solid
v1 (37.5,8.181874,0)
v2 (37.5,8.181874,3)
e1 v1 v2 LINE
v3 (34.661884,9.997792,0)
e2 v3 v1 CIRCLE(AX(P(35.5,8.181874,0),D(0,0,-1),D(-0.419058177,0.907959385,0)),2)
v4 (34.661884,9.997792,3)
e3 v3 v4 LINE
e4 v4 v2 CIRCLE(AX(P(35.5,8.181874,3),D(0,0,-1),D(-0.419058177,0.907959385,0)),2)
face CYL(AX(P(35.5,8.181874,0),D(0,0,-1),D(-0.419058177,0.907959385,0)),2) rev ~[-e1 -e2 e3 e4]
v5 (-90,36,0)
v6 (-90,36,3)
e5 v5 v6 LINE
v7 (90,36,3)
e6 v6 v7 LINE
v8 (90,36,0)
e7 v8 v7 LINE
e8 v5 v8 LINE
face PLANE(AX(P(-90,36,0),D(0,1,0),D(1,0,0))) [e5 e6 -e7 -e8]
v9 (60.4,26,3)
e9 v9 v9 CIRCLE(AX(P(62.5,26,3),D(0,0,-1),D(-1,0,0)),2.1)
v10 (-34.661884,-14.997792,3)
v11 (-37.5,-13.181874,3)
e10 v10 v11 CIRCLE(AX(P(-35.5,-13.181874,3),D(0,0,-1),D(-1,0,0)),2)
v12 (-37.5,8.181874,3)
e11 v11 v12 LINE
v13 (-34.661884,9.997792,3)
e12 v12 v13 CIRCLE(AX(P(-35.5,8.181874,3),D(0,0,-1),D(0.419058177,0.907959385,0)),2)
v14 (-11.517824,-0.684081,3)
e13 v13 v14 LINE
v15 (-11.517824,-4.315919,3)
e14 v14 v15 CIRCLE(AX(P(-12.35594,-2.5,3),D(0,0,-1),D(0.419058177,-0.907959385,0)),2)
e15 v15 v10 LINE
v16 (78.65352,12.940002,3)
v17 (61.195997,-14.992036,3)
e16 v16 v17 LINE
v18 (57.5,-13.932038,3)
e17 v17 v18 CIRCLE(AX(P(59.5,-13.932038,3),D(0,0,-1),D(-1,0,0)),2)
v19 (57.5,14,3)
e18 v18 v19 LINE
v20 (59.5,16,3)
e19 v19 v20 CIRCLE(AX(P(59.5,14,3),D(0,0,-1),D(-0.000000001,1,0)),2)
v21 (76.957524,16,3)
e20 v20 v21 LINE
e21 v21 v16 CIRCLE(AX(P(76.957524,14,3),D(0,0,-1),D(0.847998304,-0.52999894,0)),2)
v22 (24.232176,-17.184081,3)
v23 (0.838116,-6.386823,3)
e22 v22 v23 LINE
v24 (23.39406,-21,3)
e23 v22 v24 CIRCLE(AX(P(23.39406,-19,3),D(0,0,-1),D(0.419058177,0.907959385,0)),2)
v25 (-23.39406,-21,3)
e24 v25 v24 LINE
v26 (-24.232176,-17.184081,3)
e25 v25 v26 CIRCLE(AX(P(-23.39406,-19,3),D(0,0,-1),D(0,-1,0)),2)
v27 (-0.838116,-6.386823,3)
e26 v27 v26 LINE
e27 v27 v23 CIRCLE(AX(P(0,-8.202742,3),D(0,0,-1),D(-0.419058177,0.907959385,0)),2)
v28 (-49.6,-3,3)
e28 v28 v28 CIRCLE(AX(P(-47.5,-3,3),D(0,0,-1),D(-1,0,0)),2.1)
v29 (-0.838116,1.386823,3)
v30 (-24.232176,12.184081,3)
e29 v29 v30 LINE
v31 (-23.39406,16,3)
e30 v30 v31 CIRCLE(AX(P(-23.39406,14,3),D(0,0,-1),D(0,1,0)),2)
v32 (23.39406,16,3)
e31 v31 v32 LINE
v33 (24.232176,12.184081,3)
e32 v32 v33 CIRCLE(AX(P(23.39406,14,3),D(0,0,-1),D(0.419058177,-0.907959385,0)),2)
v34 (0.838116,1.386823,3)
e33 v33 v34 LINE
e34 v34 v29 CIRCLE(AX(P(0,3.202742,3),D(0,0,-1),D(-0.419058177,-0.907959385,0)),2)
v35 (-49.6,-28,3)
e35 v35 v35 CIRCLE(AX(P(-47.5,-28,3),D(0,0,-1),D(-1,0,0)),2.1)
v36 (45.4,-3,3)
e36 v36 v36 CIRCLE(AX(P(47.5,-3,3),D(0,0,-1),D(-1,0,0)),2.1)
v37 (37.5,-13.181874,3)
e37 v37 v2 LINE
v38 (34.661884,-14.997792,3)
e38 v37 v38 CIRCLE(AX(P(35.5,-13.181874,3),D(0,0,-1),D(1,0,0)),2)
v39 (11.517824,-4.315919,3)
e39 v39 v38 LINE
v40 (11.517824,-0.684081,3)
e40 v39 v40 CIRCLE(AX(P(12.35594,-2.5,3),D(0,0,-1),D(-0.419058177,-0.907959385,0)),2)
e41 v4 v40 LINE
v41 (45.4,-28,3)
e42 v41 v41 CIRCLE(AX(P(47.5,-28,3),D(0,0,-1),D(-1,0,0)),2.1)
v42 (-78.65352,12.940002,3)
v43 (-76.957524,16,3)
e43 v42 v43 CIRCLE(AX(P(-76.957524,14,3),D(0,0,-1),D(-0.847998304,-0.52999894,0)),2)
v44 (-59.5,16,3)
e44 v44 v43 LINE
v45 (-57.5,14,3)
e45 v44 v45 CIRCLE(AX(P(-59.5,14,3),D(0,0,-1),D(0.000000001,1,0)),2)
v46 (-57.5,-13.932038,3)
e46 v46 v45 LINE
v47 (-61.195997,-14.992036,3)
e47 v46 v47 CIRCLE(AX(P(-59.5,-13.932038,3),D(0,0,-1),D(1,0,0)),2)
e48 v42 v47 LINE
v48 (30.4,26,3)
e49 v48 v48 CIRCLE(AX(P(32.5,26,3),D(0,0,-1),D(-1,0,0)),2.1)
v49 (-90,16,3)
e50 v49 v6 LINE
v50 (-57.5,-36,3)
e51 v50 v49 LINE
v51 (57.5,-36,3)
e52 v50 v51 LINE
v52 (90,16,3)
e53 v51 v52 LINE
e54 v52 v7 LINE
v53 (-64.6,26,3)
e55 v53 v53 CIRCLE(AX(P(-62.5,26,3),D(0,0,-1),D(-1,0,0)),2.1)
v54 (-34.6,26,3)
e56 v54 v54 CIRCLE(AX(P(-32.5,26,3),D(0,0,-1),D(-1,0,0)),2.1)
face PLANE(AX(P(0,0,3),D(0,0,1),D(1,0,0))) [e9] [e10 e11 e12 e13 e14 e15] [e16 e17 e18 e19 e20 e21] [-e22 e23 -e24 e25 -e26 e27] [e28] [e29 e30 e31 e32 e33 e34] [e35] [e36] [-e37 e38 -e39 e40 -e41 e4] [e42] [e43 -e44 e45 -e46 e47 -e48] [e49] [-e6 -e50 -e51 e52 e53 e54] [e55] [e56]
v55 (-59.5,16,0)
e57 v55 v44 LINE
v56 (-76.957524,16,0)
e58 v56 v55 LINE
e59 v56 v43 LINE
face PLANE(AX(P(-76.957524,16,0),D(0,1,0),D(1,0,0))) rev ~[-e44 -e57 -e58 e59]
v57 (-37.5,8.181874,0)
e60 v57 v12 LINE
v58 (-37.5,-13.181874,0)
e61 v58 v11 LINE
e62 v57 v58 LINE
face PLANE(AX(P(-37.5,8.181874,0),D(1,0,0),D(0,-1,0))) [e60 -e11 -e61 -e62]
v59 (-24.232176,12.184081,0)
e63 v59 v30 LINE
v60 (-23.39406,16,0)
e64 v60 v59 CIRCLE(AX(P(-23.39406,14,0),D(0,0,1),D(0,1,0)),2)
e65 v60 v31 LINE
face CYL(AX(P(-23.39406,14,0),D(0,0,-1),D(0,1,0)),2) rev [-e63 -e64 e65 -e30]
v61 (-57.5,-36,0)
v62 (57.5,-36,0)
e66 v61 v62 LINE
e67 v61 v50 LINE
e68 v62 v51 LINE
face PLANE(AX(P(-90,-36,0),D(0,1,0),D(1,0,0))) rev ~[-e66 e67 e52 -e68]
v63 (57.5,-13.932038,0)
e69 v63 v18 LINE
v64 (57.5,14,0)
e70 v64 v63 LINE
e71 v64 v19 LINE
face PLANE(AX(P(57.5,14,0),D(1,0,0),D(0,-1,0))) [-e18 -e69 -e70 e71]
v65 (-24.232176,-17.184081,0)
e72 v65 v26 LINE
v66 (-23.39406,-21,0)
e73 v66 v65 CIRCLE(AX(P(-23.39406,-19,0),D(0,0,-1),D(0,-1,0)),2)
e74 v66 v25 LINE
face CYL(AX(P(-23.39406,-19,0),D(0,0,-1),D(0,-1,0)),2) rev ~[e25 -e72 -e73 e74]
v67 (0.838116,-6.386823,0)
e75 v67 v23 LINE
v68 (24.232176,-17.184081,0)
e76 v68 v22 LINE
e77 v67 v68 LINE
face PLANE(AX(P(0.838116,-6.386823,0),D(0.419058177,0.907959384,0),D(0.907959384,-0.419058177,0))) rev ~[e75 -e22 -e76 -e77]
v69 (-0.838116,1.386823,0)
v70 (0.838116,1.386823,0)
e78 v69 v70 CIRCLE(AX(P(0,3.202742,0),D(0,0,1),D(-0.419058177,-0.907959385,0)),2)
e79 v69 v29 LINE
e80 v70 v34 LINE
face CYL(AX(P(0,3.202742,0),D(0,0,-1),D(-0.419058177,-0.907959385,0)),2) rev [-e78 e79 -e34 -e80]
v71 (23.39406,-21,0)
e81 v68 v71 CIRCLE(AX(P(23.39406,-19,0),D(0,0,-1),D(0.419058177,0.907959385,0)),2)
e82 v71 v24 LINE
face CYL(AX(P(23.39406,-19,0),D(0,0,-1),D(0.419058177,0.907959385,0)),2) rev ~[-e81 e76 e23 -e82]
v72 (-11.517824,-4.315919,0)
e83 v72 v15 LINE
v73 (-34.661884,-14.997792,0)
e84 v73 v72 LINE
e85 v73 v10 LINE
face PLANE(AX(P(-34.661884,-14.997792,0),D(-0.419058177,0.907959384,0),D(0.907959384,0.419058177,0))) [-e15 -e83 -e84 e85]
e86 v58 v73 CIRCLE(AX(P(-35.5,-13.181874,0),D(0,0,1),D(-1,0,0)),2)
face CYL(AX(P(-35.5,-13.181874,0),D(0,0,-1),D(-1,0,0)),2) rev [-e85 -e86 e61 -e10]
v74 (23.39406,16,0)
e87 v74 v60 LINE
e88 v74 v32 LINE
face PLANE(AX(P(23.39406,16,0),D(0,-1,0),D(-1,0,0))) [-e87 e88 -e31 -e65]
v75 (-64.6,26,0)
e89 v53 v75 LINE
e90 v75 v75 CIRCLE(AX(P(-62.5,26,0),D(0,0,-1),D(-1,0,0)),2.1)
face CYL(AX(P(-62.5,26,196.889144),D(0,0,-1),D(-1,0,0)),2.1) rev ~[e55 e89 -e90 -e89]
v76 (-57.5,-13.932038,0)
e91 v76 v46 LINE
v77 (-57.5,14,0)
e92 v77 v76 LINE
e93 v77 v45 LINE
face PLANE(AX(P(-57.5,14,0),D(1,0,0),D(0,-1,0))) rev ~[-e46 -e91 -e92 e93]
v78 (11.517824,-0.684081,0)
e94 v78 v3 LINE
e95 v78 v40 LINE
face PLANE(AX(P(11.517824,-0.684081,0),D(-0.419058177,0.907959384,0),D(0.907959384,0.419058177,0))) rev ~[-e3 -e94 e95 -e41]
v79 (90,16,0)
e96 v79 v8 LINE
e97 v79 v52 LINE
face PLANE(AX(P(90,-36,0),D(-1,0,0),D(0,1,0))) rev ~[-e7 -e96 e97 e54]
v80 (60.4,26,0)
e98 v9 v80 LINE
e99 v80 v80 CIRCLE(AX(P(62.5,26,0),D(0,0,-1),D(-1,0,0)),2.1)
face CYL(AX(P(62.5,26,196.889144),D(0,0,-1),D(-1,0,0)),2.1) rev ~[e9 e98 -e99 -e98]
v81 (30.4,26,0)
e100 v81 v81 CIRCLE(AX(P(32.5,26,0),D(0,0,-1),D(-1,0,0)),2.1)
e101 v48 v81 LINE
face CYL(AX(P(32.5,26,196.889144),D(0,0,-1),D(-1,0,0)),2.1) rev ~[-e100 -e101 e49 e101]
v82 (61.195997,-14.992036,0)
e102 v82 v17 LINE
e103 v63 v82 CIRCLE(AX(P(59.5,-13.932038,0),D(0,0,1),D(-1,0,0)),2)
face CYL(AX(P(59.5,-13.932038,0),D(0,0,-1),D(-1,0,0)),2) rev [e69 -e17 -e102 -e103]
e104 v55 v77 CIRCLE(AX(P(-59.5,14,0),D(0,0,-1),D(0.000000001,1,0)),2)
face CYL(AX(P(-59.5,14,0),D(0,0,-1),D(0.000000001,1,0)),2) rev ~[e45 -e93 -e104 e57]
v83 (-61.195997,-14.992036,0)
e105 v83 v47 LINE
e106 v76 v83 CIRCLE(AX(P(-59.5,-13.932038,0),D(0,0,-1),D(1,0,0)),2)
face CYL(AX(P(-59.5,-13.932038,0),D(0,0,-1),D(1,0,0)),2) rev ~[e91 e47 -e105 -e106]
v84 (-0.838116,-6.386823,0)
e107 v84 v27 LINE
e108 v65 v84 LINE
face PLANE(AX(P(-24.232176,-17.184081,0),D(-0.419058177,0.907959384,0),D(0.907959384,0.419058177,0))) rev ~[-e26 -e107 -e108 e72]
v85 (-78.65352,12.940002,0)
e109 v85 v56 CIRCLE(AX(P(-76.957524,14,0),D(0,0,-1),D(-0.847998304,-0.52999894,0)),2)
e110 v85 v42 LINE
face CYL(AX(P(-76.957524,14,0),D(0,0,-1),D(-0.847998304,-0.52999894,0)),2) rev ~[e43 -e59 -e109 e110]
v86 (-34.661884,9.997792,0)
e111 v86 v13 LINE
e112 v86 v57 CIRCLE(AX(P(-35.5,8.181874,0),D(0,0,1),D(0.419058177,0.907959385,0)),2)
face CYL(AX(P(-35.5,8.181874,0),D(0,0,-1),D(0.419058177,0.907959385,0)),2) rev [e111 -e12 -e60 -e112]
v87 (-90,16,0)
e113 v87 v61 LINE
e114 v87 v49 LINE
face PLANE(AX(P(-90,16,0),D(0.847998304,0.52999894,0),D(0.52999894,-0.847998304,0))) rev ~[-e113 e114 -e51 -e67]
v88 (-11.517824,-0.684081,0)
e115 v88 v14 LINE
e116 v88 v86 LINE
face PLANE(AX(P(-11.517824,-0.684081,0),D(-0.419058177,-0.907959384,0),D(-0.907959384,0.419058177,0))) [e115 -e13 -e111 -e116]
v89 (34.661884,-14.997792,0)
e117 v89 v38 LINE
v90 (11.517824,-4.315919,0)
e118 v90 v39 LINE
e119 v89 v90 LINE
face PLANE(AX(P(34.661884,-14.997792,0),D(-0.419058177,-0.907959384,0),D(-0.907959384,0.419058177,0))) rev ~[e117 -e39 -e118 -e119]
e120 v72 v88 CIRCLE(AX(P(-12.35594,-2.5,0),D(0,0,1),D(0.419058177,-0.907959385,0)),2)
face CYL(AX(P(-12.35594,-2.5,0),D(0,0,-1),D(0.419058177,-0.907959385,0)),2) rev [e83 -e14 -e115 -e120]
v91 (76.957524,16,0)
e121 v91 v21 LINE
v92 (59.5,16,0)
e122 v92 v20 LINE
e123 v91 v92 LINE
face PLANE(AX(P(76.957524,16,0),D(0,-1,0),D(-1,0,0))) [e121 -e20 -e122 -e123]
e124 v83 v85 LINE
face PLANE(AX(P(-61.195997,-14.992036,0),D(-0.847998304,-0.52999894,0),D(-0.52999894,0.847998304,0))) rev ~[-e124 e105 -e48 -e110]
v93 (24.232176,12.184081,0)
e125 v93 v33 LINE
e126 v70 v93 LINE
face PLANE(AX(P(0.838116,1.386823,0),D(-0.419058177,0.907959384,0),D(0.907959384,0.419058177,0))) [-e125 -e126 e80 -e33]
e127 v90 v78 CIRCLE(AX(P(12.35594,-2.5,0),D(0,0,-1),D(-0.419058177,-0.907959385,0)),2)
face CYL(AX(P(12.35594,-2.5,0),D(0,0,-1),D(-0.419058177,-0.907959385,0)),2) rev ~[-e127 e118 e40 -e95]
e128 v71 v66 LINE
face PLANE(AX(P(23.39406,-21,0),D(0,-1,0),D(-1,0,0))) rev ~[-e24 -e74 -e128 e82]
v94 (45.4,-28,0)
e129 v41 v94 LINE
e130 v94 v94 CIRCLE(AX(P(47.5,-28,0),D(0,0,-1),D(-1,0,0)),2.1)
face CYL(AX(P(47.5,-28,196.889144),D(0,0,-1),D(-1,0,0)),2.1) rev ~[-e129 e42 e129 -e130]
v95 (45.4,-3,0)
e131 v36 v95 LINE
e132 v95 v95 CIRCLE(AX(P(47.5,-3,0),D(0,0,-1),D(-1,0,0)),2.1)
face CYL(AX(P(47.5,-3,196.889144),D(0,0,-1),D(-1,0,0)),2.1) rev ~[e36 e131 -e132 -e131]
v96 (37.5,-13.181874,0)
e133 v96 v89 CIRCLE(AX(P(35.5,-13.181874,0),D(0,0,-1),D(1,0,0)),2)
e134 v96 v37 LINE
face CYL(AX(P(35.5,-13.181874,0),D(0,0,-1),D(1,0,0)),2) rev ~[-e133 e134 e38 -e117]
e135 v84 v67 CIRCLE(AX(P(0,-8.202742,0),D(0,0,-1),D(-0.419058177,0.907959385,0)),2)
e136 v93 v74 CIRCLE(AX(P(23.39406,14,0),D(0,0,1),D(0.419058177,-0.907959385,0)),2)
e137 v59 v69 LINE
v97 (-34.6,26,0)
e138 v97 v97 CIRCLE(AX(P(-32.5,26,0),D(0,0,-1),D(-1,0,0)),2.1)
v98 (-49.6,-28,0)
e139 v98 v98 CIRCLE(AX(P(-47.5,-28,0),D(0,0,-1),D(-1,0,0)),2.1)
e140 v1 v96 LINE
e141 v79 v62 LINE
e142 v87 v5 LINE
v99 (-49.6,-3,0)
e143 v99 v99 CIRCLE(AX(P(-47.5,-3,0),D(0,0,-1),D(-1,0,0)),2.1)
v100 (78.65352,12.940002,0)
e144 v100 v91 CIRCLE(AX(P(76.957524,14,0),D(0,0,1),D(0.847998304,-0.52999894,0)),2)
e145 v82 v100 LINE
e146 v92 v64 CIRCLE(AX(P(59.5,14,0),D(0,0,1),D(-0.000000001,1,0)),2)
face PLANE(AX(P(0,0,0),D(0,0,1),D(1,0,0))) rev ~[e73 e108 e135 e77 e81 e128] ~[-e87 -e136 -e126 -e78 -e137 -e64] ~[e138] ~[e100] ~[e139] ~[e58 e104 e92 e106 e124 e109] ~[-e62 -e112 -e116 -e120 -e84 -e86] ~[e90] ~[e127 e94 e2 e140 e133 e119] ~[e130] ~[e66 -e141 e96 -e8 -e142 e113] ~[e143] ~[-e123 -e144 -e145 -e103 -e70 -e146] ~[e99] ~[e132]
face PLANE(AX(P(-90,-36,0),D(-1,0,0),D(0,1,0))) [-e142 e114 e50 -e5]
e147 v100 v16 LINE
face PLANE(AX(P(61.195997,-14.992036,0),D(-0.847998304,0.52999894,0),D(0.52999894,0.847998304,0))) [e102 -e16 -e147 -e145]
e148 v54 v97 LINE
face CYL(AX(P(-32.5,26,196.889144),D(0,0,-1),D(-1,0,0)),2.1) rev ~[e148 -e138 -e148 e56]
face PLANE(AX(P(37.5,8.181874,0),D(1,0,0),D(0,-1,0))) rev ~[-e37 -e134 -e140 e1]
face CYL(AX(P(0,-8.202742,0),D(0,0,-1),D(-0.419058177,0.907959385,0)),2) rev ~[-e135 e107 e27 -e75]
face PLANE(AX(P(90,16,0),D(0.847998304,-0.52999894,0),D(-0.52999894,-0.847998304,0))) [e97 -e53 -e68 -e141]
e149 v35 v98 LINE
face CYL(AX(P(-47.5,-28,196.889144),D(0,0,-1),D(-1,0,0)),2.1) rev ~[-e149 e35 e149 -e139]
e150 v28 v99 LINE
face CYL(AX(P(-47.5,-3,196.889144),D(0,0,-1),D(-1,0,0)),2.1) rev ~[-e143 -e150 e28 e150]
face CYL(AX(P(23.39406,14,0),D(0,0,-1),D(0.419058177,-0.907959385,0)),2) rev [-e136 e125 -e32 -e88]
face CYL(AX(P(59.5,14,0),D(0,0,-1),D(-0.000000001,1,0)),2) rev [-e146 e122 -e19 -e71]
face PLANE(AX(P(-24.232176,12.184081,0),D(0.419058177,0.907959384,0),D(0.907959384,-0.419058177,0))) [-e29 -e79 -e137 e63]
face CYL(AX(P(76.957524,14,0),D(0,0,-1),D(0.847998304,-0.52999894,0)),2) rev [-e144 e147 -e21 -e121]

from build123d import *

# Parameters (mm, degrees)
SKETCH_1_W              = 180
SKETCH_1_H              = 72
EXTRUDE_1_DEPTH         = 3
HOLE_WIZARD_4_2_4_2_1_D = 4.2
CUT_EXTRUDE_2_DEPTH     = 97.979379251
CUT_EXTRUDE_3_DEPTH     = 97.979379251


with BuildPart() as part:
    # 草图1 → 凸台-拉伸1 (new body)
    with BuildSketch(Plane.XY):
        Rectangle(SKETCH_1_W, SKETCH_1_H)
    extrude(amount=EXTRUDE_1_DEPTH)

    # Ø4.2 (4.2) 直径孔1 (through all)
    with Locations(Plane(origin=(-62.5, 26, 3), x_dir=(1, 0, 0), z_dir=(0, 0, 1))):
        with Locations((0, 0), (30, 0), (15, -29), (15, -54), (110, -54), (110, -29), (125, 0), (95, 0)):
            Hole(HOLE_WIZARD_4_2_4_2_1_D / 2)

    # 草图8 → 切除-拉伸2 (cut, through all)
    with BuildSketch(Plane(origin=(0, 0, 0), x_dir=(-1, 0, 0), z_dir=(0, 0, -1))):
        Polygon((-90, 16), (-57.5, -36), (-90, -36), align=None)
        Polygon((90, -36), (90, 16), (57.5, -36), align=None)
    extrude(amount=-CUT_EXTRUDE_2_DEPTH, mode=Mode.SUBTRACT)

    # 草图6 → 切除-拉伸3 (cut, through all)
    with BuildSketch(Plane(origin=(0, 0, 0), x_dir=(-1, 0, 0), z_dir=(0, 0, -1))):
        with BuildLine():
            Line((57.5, 14), (57.5, -13.932037736))
            ThreePointArc((57.5, -13.932037736), (58.948634974, -15.854535228), (61.195996608, -14.992035616))
            Line((61.195996608, -14.992035616), (78.653520193, 12.94000212))
            ThreePointArc((78.653520193, 12.94000212), (78.706808547, 14.969537065), (76.957523585, 16))
            Line((76.957523585, 16), (59.5, 16))
            ThreePointArc((59.5, 16), (58.085786438, 15.414213562), (57.5, 14))
        make_face()
        with BuildLine():
            Line((-76.957523585, 16), (-59.5, 16))
            ThreePointArc((-59.5, 16), (-58.085786438, 15.414213562), (-57.5, 14))
            Line((-57.5, 14), (-57.5, -13.932037736))
            ThreePointArc((-57.5, -13.932037736), (-58.948634974, -15.854535228), (-61.195996608, -14.992035616))
            Line((-61.195996608, -14.992035616), (-78.653520193, 12.94000212))
            ThreePointArc((-78.653520193, 12.94000212), (-78.706808547, 14.969537065), (-76.957523585, 16))
        make_face()
        with BuildLine():
            Line((-23.394059646, 16), (23.394059646, 16))
            ThreePointArc((23.394059646, 16), (25.347497325, 14.429046887), (24.232176, 12.184081231))
            Line((24.232176, 12.184081231), (0.838116355, 1.386822933))
            ThreePointArc((0.838116355, 1.386822933), (0, 1.202741702), (-0.838116355, 1.386822933))
            Line((-0.838116355, 1.386822933), (-24.232176, 12.184081231))
            ThreePointArc((-24.232176, 12.184081231), (-25.347497325, 14.429046887), (-23.394059646, 16))
        make_face()
        with BuildLine():
            Line((-37.5, 8.181873683), (-37.5, -13.181873683))
            ThreePointArc((-37.5, -13.181873683), (-36.577907067, -14.866544676), (-34.661883645, -14.997792452))
            Line((-34.661883645, -14.997792452), (-11.517824, -4.315918769))
            ThreePointArc((-11.517824, -4.315918769), (-10.355940354, -2.5), (-11.517824, -0.684081231))
            Line((-11.517824, -0.684081231), (-34.661883645, 9.997792452))
            ThreePointArc((-34.661883645, 9.997792452), (-36.577907067, 9.866544676), (-37.5, 8.181873683))
        make_face()
        with BuildLine():
            Line((-23.394059646, -21), (23.394059646, -21))
            ThreePointArc((23.394059646, -21), (25.347497325, -19.429046887), (24.232176, -17.184081231))
            Line((24.232176, -17.184081231), (0.838116355, -6.386822933))
            ThreePointArc((0.838116355, -6.386822933), (0, -6.202741702), (-0.838116355, -6.386822933))
            Line((-0.838116355, -6.386822933), (-24.232176, -17.184081231))
            ThreePointArc((-24.232176, -17.184081231), (-25.347497325, -19.429046887), (-23.394059646, -21))
        make_face()
        with BuildLine():
            Line((37.5, 8.181873683), (37.5, -13.181873683))
            ThreePointArc((37.5, -13.181873683), (36.577907067, -14.866544676), (34.661883645, -14.997792452))
            Line((34.661883645, -14.997792452), (11.517824, -4.315918769))
            ThreePointArc((11.517824, -4.315918769), (10.355940354, -2.5), (11.517824, -0.684081231))
            Line((11.517824, -0.684081231), (34.661883645, 9.997792452))
            ThreePointArc((34.661883645, 9.997792452), (36.577907067, 9.866544676), (37.5, 8.181873683))
        make_face()
    extrude(amount=-CUT_EXTRUDE_3_DEPTH, mode=Mode.SUBTRACT)


solid = part.part
